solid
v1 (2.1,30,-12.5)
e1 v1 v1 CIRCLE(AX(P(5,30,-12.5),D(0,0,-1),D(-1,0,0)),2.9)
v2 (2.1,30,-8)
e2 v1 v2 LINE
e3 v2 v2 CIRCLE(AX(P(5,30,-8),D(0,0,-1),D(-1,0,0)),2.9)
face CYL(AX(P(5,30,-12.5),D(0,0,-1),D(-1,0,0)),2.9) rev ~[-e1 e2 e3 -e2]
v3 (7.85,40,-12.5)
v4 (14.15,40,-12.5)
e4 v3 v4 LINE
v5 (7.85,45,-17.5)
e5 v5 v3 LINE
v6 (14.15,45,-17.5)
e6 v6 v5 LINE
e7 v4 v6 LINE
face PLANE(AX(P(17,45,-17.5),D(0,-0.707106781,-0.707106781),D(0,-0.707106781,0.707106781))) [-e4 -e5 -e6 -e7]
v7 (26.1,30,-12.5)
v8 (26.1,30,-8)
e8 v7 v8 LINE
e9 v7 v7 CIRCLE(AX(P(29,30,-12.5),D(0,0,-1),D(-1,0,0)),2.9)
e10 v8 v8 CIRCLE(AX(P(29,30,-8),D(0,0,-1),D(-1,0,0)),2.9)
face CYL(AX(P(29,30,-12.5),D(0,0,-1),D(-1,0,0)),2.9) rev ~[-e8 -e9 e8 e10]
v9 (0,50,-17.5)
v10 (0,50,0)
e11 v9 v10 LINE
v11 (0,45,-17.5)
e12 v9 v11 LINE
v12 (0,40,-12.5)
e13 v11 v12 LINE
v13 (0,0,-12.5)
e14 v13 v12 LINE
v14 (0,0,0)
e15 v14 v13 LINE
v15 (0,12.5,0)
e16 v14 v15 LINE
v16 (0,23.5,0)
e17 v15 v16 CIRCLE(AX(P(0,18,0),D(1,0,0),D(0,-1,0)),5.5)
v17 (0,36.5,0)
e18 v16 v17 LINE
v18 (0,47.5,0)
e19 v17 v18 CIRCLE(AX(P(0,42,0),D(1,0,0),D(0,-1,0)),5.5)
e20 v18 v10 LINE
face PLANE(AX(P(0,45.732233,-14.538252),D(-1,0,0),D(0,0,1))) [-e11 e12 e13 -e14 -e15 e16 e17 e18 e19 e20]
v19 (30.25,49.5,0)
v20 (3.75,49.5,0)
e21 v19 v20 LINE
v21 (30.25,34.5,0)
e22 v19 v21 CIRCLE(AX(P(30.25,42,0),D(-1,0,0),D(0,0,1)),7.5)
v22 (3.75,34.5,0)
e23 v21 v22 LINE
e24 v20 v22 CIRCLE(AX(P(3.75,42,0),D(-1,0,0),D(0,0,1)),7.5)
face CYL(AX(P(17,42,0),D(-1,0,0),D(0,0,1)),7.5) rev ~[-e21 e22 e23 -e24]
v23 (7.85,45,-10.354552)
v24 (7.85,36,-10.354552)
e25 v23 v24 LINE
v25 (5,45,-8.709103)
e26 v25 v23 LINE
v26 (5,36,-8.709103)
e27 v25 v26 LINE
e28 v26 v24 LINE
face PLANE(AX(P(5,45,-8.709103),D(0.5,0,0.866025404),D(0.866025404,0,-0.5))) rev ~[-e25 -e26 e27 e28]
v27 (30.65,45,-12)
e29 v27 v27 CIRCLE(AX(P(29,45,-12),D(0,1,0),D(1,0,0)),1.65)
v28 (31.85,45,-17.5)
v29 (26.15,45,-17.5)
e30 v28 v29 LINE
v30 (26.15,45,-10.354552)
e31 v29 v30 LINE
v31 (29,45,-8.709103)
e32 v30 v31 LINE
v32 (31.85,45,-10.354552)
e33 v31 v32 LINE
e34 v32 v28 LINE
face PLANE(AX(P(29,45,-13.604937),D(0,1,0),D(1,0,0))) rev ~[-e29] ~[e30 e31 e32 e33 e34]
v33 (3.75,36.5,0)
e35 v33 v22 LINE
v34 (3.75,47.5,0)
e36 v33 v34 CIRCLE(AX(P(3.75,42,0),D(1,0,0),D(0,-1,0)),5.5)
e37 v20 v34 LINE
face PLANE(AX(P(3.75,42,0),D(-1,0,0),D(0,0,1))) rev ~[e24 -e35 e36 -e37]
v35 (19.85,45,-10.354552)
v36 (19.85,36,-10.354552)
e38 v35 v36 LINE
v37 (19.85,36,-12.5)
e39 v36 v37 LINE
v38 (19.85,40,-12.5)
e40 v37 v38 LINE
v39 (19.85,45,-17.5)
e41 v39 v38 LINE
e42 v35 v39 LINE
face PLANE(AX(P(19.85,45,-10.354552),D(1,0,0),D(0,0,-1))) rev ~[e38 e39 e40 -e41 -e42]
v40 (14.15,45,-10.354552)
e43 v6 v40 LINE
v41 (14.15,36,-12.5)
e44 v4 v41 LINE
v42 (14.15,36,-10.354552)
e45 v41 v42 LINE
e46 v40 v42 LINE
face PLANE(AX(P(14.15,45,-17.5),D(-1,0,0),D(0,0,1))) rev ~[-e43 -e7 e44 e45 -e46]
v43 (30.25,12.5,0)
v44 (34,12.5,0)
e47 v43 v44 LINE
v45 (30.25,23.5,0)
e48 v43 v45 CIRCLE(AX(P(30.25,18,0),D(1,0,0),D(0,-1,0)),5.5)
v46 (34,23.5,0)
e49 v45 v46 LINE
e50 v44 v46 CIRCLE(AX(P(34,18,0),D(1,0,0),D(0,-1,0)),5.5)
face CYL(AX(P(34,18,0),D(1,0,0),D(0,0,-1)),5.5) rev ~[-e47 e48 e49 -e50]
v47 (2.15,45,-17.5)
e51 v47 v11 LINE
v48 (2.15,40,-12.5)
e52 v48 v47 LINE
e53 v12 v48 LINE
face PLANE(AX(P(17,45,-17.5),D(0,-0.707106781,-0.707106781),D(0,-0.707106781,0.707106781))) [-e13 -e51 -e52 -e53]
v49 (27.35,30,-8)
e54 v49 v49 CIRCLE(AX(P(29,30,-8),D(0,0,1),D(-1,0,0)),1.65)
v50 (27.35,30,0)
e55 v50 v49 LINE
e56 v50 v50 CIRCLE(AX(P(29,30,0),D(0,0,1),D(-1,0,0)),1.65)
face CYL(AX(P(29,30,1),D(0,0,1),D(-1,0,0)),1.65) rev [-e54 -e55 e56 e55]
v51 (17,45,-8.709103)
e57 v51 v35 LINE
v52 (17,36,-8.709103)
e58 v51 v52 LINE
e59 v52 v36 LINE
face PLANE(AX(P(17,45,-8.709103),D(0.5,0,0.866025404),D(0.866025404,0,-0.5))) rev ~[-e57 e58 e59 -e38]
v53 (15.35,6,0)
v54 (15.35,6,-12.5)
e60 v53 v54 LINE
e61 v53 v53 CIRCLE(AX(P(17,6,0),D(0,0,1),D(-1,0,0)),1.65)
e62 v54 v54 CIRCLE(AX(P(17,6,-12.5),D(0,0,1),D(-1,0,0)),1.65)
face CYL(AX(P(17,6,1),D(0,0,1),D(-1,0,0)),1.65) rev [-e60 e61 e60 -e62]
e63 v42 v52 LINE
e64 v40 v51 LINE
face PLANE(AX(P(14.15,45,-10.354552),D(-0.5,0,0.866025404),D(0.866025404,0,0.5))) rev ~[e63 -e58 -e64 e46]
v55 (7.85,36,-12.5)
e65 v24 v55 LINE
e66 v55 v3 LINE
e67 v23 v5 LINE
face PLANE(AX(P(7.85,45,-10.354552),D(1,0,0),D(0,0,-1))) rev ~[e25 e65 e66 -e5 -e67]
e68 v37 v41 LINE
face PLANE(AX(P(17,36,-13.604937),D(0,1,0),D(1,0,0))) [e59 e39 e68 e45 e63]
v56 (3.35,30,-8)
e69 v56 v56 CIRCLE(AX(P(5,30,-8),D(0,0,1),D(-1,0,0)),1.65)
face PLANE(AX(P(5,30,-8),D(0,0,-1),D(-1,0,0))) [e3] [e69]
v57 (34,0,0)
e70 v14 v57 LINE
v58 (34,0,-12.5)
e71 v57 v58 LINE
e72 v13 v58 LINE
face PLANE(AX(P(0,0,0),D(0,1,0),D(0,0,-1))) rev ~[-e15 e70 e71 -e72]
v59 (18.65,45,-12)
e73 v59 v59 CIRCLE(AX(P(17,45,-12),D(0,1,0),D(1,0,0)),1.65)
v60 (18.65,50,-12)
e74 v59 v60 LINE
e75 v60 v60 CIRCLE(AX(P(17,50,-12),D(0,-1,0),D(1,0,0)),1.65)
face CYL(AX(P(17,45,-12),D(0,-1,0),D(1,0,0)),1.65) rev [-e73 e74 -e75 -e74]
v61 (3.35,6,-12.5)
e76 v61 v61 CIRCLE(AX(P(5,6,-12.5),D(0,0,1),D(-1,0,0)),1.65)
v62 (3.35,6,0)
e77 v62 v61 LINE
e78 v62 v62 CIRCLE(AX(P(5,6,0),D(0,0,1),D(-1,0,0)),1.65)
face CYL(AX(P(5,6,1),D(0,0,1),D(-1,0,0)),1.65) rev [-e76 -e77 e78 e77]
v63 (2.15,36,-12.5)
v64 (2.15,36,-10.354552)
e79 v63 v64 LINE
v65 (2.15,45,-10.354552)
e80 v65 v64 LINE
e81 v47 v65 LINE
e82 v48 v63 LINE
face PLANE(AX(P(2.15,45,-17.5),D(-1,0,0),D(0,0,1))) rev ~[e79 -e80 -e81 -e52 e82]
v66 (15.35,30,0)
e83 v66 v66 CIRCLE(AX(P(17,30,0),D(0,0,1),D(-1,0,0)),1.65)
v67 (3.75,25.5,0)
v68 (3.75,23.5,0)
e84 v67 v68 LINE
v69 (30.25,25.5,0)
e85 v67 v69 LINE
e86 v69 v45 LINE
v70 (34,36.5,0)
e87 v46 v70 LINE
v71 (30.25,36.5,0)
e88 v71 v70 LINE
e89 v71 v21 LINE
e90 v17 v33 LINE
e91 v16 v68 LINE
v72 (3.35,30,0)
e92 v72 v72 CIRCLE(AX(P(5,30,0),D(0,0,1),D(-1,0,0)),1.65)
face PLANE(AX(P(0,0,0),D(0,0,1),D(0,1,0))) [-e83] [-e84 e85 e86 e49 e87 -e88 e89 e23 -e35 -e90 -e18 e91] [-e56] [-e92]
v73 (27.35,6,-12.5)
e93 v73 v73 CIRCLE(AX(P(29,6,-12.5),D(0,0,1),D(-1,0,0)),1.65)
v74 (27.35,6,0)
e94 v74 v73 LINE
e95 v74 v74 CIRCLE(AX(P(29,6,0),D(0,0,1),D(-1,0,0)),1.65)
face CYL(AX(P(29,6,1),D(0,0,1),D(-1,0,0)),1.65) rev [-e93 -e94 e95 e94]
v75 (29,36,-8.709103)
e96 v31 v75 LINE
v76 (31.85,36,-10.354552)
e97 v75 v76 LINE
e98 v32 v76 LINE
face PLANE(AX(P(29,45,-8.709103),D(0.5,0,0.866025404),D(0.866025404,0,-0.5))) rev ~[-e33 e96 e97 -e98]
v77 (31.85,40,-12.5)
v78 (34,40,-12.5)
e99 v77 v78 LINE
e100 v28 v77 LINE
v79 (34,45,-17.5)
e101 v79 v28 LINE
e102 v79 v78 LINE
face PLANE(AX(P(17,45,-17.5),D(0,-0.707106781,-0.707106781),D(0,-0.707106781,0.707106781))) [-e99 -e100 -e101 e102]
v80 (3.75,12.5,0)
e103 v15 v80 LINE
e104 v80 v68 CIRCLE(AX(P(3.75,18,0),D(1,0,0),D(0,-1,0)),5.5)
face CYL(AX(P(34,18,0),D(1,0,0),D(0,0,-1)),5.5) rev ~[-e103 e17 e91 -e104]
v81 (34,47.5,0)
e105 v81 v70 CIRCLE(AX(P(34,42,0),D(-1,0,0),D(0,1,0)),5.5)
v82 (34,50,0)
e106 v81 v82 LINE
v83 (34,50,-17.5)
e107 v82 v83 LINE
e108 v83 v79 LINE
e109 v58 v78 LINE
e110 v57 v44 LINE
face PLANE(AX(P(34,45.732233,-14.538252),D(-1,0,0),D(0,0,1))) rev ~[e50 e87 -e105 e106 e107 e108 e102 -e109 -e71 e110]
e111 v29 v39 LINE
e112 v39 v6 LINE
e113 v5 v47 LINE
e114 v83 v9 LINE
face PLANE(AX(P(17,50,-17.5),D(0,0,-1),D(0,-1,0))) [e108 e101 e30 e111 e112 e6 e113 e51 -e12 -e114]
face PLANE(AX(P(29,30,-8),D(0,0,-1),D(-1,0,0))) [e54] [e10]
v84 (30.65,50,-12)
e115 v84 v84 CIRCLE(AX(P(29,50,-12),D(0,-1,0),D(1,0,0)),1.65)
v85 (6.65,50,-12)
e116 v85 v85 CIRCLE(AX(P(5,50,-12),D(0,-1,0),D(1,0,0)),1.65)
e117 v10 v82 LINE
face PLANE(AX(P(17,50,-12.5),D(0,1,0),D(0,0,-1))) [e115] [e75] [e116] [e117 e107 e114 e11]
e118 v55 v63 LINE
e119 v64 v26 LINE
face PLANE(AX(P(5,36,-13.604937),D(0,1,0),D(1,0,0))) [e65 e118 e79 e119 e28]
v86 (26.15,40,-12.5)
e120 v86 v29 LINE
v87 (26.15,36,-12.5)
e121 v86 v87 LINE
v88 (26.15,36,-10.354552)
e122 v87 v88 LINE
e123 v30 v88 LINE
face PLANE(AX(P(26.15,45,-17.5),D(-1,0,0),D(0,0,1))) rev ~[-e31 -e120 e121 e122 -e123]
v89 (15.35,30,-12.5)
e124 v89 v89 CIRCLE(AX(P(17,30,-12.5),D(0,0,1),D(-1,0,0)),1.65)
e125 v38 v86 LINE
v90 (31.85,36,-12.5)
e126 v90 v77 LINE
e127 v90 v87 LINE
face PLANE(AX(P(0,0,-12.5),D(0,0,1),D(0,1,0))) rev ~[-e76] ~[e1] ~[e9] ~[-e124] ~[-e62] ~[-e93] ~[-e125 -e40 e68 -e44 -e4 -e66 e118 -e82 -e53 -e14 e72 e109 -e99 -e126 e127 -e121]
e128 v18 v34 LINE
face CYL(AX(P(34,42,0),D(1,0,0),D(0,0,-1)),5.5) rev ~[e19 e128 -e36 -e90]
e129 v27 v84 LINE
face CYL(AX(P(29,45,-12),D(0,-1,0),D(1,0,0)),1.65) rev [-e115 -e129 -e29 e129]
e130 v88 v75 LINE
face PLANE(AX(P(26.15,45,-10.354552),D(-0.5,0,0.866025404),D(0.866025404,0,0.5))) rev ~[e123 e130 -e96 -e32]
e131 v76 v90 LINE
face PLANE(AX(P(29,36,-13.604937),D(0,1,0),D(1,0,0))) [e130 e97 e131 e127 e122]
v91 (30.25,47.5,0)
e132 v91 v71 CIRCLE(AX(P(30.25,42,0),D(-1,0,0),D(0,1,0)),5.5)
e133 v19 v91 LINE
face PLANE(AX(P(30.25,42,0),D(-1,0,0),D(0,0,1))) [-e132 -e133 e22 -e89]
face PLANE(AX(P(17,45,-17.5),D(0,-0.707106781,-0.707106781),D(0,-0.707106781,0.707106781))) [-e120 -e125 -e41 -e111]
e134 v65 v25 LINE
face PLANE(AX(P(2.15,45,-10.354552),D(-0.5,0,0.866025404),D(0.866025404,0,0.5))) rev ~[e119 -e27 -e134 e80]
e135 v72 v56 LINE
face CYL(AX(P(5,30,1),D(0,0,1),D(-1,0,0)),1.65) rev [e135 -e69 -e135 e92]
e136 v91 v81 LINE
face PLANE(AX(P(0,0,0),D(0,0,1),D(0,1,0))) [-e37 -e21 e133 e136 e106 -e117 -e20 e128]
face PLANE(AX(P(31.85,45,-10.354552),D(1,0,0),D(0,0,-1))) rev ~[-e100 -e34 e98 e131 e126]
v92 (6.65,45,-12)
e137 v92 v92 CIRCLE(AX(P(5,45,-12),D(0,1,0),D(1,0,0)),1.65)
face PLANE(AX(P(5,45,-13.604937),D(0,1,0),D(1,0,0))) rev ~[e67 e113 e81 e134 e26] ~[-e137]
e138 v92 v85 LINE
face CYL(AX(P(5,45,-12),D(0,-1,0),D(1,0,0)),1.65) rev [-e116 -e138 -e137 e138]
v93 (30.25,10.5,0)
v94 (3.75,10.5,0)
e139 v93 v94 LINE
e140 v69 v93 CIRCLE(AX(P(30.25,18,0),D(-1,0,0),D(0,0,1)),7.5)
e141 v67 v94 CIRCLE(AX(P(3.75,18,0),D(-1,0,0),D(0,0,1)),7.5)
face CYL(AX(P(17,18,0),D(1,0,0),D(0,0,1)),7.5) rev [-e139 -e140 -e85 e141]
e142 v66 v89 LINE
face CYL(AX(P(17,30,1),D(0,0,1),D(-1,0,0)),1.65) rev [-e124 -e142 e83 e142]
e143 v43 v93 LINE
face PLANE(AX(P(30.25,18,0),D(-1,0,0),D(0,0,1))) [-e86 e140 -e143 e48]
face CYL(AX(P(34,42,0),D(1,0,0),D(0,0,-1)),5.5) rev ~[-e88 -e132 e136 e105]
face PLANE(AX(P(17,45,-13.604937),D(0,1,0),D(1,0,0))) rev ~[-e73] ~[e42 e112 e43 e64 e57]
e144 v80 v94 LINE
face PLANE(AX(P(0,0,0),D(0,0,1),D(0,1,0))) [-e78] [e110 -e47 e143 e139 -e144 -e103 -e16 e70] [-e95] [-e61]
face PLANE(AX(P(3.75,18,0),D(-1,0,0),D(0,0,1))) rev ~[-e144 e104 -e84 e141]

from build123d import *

# Parameters (mm, degrees)
SKETCH_1_W             = 12.5
SKETCH_1_H             = 50
EXTRUDE_1_DEPTH        = 34
SKETCH_2_R             = 7.5
CUT_EXTRUDE_1_DEPTH    = 13.25
CUT_EXTRUDE_START      = -13.5
SKETCH_3_R             = 1.65
CUT_EXTRUDE_2_DEPTH    = 14.5
SKETCH_4_R             = 2.9
CUT_EXTRUDE_3_DEPTH    = 4.5
SKETCH_5_R             = 5.5
CUT_EXTRUDE_4_DEPTH    = 35
EXTRUDE_2_DEPTH        = 17
SKETCH_9_R             = 1.65
CUT_EXTRUDE_6_DEPTH    = 6
CUT_EXTRUDE_5_DEPTH    = 9
PATTERN_LINEAR_1_COUNT = 2
PATTERN_LINEAR_1_PITCH = 24


with BuildPart() as part:
    # 草图1 → 凸台-拉伸1 (new body)
    with BuildSketch(Plane(origin=(0, 0, 0), x_dir=(0, 0, -1), z_dir=(1, 0, 0))):
        with Locations((6.25, 25)):
            Rectangle(SKETCH_1_W, SKETCH_1_H)
    extrude(amount=EXTRUDE_1_DEPTH)

    # 草图2 → 切除-拉伸1 (cut, symmetric)
    with BuildSketch(Plane.ZY.offset(-17)):
        with Locations((0, 18)):
            Circle(SKETCH_2_R)
        with Locations((0, 42)):
            Circle(SKETCH_2_R)
    extrude(amount=CUT_EXTRUDE_1_DEPTH, both=True, mode=Mode.SUBTRACT)

    # 草图3 → 切除-拉伸2 (cut)
    with BuildSketch(Plane(origin=(0, 0, -12.5), x_dir=(-1, 0, 0), z_dir=(0, 0, -1)).offset(CUT_EXTRUDE_START)):
        with Locations((-29, 30)):
            Circle(SKETCH_3_R)
        with Locations((-5, 30)):
            Circle(SKETCH_3_R)
        with Locations((-17, 30)):
            Circle(SKETCH_3_R)
    cut_extrude_2 = extrude(amount=CUT_EXTRUDE_2_DEPTH, mode=Mode.SUBTRACT)

    # 草图4 → 切除-拉伸3 (cut)
    with BuildSketch(Plane(origin=(0, 0, -12.5), x_dir=(-1, 0, 0), z_dir=(0, 0, -1))):
        with Locations((-29, 30)):
            Circle(SKETCH_4_R)
        with Locations((-5, 30)):
            Circle(SKETCH_4_R)
    extrude(amount=-CUT_EXTRUDE_3_DEPTH, mode=Mode.SUBTRACT)

    # 草图5 → 切除-拉伸4 (cut, through all)
    with BuildSketch(Plane(origin=(34, 0, 0), x_dir=(0, 0, -1), z_dir=(1, 0, 0))):
        with Locations((0, 18)):
            Circle(SKETCH_5_R)
        with Locations((0, 42)):
            Circle(SKETCH_5_R)
    extrude(amount=-CUT_EXTRUDE_4_DEPTH, mode=Mode.SUBTRACT)

    # 草图6 → 凸台-拉伸2 (add, symmetric)
    with BuildSketch(Plane.ZY.offset(-17)):
        Polygon((-12.5, 50), (-17.5, 50), (-17.5, 45), (-12.5, 40), align=None)
    extrude(amount=EXTRUDE_2_DEPTH, both=True)

    # 草图9 → 切除-拉伸6 (cut, through all)
    with BuildSketch(Plane(origin=(0, 45, 0), x_dir=(1, 0, 0), z_dir=(0, 1, 0))):
        with Locations((5, 12)):
            Circle(SKETCH_9_R)
        with Locations((17, 12)):
            Circle(SKETCH_9_R)
        with Locations((29, 12)):
            Circle(SKETCH_9_R)
    extrude(amount=CUT_EXTRUDE_6_DEPTH, mode=Mode.SUBTRACT)

    # 草图7 → 切除-拉伸5 (cut)
    with BuildSketch(Plane(origin=(0, 45, 0), x_dir=(1, 0, 0), z_dir=(0, 1, 0))):
        Polygon((7.85, 10.354551733), (7.85, 13.090838694), (7.85, 17.5), (2.15, 17.5), (2.15, 12.981963635), (2.15, 10.354551733), (5, 8.709103466), align=None)
        Polygon((19.85, 10.354551733), (19.85, 13.090959175), (19.85, 17.5), (14.15, 17.5), (14.15, 12.981963635), (14.15, 10.354551733), (17, 8.709103466), align=None)
        Polygon((31.85, 10.354551733), (31.85, 13.090958614), (31.85, 17.5), (26.15, 17.5), (26.15, 12.981963635), (26.15, 10.354551733), (29, 8.709103466), align=None)
    extrude(amount=-CUT_EXTRUDE_5_DEPTH, mode=Mode.SUBTRACT)

    # 阵列(线性)1: 切除-拉伸2 ×2
    with Locations(*[(0, -i * PATTERN_LINEAR_1_PITCH, 0) for i in range(1, PATTERN_LINEAR_1_COUNT)]):
        add(cut_extrude_2, mode=Mode.SUBTRACT)


solid = part.part
